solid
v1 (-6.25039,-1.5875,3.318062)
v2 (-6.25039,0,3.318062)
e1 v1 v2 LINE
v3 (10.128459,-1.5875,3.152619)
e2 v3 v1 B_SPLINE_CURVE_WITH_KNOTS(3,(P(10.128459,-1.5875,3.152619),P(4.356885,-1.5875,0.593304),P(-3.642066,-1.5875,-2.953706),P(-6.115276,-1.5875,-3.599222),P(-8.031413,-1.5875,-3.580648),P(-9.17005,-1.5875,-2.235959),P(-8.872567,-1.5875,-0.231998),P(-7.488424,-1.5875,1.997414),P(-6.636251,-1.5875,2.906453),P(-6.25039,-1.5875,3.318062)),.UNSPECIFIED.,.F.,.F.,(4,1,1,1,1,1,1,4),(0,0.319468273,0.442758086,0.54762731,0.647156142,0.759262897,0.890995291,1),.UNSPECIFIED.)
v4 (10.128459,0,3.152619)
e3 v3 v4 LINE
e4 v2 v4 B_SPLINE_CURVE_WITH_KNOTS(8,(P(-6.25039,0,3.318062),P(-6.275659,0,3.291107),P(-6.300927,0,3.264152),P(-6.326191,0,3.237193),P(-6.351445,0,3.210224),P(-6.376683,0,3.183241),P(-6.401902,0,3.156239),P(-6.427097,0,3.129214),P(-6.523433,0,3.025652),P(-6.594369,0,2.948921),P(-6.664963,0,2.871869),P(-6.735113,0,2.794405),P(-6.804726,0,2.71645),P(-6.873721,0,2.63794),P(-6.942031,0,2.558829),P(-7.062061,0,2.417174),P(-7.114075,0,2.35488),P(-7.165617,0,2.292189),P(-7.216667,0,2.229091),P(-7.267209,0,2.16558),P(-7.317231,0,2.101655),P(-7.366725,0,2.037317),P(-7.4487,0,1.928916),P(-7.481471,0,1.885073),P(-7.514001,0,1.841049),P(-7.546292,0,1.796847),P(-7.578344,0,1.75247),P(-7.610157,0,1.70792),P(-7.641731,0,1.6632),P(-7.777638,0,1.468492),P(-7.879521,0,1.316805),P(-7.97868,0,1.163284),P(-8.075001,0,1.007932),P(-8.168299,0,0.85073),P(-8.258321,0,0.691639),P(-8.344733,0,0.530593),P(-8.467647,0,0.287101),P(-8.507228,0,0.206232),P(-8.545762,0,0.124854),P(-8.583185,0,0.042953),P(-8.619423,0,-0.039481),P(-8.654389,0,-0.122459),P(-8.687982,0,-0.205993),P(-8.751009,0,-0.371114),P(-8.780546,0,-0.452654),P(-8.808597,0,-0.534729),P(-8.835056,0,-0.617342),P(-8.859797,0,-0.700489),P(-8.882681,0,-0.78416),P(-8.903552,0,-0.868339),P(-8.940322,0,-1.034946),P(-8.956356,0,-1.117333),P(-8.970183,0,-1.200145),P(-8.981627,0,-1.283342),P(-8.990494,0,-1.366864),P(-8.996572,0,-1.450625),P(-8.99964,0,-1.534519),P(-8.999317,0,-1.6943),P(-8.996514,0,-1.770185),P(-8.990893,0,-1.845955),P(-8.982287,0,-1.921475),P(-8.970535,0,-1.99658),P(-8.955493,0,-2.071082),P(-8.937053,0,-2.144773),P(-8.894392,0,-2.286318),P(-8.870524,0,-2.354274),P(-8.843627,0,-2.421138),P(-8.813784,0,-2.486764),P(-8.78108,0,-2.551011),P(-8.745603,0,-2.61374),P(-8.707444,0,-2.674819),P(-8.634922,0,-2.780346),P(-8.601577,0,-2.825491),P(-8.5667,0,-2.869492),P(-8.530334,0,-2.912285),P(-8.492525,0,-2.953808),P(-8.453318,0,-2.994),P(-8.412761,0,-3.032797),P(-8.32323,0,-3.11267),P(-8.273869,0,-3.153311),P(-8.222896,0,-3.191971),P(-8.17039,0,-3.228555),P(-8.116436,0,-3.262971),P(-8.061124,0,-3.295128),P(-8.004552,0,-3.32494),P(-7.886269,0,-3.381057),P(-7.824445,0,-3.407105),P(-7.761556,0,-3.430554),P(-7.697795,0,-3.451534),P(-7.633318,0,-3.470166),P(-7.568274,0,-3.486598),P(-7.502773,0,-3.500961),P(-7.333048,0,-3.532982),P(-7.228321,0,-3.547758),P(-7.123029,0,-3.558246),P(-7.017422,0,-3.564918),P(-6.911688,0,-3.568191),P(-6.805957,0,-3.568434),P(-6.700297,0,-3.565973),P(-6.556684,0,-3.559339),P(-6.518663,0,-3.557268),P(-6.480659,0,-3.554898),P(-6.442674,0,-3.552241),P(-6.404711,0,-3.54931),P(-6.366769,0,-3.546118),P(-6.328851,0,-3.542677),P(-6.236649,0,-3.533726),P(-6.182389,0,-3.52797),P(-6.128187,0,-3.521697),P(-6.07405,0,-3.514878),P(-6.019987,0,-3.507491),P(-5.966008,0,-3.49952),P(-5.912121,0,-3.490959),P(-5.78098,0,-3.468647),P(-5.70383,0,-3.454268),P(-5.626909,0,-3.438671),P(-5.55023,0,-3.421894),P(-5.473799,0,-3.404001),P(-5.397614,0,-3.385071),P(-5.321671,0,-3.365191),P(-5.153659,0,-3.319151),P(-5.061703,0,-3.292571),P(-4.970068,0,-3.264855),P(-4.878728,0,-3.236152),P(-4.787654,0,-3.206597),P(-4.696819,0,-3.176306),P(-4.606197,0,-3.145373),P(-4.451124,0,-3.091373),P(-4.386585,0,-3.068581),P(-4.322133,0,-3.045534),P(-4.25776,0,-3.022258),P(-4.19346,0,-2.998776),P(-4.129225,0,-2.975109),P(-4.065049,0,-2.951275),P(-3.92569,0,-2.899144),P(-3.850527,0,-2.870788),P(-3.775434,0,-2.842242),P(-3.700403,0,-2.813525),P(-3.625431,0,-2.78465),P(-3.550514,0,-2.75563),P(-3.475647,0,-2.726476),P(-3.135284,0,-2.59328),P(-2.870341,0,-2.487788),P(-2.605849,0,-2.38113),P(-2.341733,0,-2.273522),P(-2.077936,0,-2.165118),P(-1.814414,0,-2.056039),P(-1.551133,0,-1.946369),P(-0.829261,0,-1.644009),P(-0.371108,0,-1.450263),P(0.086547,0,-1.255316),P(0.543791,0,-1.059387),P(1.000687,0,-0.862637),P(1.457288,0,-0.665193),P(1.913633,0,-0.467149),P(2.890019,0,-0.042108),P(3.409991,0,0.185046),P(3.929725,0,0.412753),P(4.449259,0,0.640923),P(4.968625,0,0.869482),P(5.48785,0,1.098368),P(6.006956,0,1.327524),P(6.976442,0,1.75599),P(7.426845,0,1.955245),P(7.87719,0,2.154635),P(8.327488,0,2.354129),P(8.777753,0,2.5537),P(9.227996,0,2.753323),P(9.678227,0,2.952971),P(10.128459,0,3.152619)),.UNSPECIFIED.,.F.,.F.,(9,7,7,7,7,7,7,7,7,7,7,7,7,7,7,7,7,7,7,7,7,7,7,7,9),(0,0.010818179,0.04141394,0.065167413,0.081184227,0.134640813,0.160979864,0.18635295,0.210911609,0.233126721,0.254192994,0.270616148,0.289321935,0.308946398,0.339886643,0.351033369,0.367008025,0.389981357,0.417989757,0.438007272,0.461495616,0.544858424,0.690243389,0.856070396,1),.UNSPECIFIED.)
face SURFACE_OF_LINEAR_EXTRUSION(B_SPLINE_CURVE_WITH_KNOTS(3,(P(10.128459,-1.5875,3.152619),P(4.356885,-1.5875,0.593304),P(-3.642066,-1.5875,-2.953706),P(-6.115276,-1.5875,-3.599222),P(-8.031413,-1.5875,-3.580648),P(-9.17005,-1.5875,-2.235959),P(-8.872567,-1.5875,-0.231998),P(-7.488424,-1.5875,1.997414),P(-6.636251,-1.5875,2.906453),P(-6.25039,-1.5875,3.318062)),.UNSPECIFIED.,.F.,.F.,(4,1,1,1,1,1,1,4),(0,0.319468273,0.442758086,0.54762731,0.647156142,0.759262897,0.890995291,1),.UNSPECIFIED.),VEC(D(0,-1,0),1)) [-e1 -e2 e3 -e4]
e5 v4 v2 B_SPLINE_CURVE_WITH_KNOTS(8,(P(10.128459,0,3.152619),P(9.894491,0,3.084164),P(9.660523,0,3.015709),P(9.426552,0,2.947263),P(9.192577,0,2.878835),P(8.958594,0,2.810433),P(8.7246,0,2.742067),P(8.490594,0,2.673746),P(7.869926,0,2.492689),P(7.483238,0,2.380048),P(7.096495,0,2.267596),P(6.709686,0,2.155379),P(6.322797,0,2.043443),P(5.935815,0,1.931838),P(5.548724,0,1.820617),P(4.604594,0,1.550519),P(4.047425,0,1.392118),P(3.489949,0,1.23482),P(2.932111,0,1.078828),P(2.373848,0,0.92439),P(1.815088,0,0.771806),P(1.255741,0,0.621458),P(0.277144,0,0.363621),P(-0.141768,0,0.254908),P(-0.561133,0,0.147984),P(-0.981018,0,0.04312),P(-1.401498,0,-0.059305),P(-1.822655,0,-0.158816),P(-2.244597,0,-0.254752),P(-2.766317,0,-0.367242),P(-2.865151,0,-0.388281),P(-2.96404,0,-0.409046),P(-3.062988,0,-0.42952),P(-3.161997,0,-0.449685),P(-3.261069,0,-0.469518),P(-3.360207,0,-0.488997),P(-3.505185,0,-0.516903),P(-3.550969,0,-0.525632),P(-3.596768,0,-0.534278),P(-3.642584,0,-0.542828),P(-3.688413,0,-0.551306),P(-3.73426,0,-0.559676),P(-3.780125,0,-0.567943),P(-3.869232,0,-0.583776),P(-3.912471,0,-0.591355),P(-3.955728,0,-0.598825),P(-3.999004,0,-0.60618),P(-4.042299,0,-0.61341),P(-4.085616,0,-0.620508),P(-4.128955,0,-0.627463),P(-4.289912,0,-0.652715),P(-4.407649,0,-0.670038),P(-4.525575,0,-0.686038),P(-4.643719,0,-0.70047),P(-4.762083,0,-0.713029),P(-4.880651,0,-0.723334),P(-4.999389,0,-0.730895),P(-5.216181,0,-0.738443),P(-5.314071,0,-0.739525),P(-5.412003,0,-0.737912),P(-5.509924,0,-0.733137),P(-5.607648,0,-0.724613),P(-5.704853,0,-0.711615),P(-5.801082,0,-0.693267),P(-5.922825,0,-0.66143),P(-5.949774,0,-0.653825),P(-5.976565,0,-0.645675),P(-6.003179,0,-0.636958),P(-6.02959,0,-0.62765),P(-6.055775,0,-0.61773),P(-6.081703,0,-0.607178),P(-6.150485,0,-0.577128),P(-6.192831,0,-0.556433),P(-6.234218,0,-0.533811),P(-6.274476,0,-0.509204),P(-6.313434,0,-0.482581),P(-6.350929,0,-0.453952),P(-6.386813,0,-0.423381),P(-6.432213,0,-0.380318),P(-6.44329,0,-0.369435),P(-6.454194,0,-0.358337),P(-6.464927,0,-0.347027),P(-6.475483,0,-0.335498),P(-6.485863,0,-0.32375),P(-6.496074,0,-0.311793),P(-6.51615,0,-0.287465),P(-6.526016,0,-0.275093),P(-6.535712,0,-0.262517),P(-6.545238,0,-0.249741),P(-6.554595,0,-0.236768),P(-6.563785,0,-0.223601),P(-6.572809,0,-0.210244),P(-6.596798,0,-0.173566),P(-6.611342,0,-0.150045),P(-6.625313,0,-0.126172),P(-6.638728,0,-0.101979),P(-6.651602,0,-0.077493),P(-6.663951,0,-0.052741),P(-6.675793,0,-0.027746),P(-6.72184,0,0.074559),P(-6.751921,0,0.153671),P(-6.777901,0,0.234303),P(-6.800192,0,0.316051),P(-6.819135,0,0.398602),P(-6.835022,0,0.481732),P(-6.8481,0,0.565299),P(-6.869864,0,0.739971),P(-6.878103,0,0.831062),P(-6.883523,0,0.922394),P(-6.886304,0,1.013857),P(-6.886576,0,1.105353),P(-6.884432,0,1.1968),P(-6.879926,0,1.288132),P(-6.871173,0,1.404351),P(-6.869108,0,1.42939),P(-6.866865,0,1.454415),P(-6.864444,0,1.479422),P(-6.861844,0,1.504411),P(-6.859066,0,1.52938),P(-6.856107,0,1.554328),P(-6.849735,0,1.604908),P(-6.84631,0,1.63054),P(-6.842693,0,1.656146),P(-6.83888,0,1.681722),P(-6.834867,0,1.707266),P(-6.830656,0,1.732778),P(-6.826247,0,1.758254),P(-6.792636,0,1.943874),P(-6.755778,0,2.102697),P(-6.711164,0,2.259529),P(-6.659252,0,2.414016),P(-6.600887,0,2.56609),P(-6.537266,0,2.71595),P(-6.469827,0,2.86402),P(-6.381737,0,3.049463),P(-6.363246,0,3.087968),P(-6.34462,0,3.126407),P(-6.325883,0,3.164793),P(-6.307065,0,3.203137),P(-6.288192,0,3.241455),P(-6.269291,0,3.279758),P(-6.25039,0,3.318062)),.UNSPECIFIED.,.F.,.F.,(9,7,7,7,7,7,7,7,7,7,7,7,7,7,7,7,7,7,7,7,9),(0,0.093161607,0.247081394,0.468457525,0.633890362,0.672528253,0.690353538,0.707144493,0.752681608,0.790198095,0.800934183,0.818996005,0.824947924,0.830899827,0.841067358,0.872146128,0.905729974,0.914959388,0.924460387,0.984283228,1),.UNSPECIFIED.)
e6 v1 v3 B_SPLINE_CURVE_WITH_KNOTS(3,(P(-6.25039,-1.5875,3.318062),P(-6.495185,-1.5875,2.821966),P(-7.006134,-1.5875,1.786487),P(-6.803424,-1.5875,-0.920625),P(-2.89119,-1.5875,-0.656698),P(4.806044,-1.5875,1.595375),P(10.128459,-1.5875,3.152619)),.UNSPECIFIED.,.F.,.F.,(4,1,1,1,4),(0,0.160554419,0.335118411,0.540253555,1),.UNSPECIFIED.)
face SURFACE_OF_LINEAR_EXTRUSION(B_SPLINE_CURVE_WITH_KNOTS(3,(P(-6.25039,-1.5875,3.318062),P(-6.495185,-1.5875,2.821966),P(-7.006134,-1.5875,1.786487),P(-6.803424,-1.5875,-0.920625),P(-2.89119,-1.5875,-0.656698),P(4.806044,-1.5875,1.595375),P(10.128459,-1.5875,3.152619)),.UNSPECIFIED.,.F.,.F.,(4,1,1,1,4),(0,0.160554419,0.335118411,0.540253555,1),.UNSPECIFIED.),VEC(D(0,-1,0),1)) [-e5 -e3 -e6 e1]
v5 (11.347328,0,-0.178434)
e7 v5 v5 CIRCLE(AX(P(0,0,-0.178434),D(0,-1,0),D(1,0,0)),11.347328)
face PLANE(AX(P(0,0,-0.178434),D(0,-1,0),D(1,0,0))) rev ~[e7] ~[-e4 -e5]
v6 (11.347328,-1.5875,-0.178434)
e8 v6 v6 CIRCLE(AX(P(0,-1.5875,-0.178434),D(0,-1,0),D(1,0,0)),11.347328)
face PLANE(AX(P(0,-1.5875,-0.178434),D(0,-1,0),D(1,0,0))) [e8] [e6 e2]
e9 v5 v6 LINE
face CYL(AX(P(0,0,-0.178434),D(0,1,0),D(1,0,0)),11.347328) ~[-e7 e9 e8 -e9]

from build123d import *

# Parameters (mm, degrees)
F0_R     = 11.3473282449
F1_DEPTH = 1.5875
F3_DEPTH = 25.4


with BuildPart() as f1:
    # F0 (on Front) → F1 (new body)
    with BuildSketch(Plane.XZ):
        with Locations((0, -0.1784344495)):
            Circle(F0_R)
    extrude(amount=F1_DEPTH)

    # F2 (on face) → F3 (cut)
    with BuildSketch(Plane.XZ.offset(1.5875)):
        with BuildLine():
            add(Edge.make_bspline(
                [(-6.2503903173, 3.3180618193), (-6.4951849548, 2.8219662677), (-7.0061343912, 1.7864871203), (-6.8034238905, -0.9206252742), (-2.8911900909, -0.6566976341), (4.8060437415, 1.5953753562), (10.1284589618, 3.1526188832)],
                knots=[0, 0, 0, 0, 0.1605544188, 0.3351184105, 0.5402535549, 1, 1, 1, 1], degree=3))
            add(Edge.make_bspline(
                [(10.1284589618, 3.1526188832), (4.3568851598, 0.5933042662), (-3.6420655653, -2.9537059972), (-6.1152759521, -3.599221858), (-8.0314129708, -3.5806478495), (-9.1700497465, -2.2359587726), (-8.8725672664, -0.2319982765), (-7.4884235373, 1.9974142496), (-6.6362505326, 2.9064530293), (-6.2503903173, 3.3180618193)],
                knots=[0, 0, 0, 0, 0.3194682726, 0.4427580861, 0.5476273101, 0.6471561419, 0.7592628974, 0.8909952912, 1, 1, 1, 1], degree=3))
        make_face()
    extrude(amount=-F3_DEPTH, mode=Mode.SUBTRACT)


solid = f1.part
